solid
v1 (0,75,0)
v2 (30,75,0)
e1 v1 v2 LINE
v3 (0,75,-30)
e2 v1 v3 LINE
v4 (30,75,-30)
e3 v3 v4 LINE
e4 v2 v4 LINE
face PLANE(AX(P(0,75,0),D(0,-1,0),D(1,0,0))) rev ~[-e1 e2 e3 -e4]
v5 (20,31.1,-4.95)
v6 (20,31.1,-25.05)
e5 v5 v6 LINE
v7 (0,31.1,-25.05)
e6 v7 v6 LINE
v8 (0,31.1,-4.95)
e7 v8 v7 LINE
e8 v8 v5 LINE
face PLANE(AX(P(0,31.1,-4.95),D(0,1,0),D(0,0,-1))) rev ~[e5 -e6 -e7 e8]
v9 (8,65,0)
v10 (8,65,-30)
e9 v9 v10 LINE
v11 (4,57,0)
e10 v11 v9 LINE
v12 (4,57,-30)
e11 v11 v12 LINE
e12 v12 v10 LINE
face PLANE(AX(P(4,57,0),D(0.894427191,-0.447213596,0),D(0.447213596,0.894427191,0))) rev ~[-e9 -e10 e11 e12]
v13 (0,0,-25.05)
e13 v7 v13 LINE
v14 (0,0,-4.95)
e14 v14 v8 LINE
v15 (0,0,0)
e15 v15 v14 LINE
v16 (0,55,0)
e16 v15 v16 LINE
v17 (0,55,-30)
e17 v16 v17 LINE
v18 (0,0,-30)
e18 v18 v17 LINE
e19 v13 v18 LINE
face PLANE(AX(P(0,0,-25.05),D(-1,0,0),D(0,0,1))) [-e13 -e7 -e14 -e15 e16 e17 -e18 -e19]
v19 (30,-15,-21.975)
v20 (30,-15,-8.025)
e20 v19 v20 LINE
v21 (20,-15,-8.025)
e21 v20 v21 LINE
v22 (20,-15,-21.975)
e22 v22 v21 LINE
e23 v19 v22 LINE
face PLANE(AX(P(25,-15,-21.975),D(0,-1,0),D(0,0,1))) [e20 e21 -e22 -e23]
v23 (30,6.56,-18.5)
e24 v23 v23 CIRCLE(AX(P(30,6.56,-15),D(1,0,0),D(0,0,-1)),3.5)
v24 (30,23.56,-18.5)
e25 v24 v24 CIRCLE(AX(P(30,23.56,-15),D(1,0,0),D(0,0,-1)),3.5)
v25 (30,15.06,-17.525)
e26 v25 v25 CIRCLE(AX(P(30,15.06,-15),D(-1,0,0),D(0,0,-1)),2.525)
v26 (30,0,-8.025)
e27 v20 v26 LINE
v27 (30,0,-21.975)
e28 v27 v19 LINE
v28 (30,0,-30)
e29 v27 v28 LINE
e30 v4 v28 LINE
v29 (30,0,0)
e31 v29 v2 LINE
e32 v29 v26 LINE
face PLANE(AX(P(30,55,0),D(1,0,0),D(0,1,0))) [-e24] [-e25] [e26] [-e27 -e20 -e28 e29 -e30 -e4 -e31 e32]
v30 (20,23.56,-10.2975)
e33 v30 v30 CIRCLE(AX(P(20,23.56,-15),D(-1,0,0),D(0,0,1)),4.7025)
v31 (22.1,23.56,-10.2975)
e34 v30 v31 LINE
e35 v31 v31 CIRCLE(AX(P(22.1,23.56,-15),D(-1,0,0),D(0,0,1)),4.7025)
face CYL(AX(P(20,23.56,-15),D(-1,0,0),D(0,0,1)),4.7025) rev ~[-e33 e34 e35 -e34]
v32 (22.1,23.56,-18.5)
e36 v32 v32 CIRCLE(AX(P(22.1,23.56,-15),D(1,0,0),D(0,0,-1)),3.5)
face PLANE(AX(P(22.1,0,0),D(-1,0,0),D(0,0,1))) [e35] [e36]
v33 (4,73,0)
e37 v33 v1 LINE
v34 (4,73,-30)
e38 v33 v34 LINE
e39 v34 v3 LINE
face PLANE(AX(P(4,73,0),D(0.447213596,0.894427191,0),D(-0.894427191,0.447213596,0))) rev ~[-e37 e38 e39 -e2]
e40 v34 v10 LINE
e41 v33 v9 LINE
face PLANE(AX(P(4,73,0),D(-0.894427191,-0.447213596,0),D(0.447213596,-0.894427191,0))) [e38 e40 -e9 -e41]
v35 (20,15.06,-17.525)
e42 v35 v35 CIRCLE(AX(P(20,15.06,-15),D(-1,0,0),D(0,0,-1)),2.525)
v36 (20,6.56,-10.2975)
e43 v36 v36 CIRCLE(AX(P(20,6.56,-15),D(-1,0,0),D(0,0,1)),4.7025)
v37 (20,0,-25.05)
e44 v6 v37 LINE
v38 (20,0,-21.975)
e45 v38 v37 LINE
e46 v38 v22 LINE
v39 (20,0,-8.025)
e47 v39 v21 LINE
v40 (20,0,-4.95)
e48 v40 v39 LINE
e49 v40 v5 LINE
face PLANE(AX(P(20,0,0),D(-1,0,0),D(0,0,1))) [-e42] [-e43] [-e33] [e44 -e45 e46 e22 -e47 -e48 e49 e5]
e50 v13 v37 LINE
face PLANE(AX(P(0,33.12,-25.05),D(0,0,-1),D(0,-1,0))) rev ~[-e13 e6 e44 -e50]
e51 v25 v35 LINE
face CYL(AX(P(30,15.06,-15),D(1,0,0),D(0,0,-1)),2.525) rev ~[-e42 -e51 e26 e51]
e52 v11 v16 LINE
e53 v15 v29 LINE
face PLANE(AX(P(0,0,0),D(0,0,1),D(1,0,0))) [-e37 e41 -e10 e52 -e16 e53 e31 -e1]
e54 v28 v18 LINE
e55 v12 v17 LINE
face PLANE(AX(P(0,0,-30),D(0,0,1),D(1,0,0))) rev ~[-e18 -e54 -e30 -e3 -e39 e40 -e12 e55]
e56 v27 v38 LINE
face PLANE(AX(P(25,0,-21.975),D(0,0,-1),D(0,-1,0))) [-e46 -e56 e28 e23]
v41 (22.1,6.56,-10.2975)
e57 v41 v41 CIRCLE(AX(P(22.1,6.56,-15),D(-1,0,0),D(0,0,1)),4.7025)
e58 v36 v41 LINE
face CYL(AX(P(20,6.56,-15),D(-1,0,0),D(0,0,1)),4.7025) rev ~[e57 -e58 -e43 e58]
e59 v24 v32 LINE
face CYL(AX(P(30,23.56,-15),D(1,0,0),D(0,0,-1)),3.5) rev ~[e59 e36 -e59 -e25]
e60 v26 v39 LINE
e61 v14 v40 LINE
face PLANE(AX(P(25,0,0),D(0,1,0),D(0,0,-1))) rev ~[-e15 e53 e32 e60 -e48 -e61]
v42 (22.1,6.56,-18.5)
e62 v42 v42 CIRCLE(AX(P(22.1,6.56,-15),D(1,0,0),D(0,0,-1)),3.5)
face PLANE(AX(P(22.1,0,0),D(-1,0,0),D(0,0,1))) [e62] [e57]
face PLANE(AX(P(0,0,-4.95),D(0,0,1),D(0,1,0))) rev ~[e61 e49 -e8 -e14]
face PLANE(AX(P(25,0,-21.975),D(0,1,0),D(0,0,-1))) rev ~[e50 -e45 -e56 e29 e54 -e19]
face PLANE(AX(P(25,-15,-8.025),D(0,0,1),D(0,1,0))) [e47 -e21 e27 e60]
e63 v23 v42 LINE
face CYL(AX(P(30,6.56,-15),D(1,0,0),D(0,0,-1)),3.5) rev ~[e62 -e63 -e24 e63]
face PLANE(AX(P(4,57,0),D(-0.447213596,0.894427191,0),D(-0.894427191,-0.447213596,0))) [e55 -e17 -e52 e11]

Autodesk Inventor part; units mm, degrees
ref_plane "YZ Plane" through (0, 0, 0) normal (1, 0, 0) x (0, 1, 0)
ref_plane "XZ Plane" through (0, 0, 0) normal (0, 1, 0) x (-1, 0, 0)
ref_plane "XY Plane" through (0, 0, 0) normal (0, 0, 1) x (1, 0, 0)
sketch "Sketch1" plane through (0, 0, 0) normal (0, 0, 1) x (1, 0, 0)
  line L0 (0, 0) -> (25, 0)
  line L1 (25, 0) -> (25, 40)
  line L2 (25, 40) -> (0, 40)
  line L3 (0, 40) -> (0, 0)
  dimension "d1" = 25
  dimension "d2" = 40
  dimension "d3" = 25
extrude "Extrusion1" add sketch "Sketch1" against normal blind 30
sketch "Sketch2" plane through (25, 0, 0) normal (1, 0, 0) x (0, 0, -1)
  line L0 (0, 0) -> (30, 0) projected
  circle A0 centre (15, 6.56) radius 2.46
extrude "Extrusion2" cut sketch "Sketch2" against normal blind 30
sketch "Sketch3" plane through (0, 0, 0) normal (-1, 0, 0) x (0, 0, 1)
  line L0 (0, 0) -> (-30, 0) projected
  line L1 (-25.05, 0) -> (-4.95, 0)
  line L2 (-4.95, 0) -> (-4.95, 33.12)
  line L3 (-4.95, 33.12) -> (-25.05, 33.12)
  line L4 (-25.05, 33.12) -> (-25.05, 0)
  dimension "d11" = 20.1
extrude "Extrusion3" cut sketch "Sketch3" against normal blind 20
sketch "Sketch4" plane through (0, 0, 0) normal (0, -1, 0) x (1, 0, 0)
  line L0 (20, -4.95) -> (20, -25.05) projected
  line L1 (20, -15) -> (25, -15)
  line L2 (25, 0) -> (25, -30) projected
  line L3 (20, -8.025) -> (25, -8.025)
  line L4 (25, -8.025) -> (25, -21.975)
  line L5 (25, -21.975) -> (20, -21.975)
  line L6 (20, -21.975) -> (20, -8.025)
  line L7 (20, -8.025) -> (25, -21.975) construction
  line L8 (25, -8.025) -> (20, -21.975) construction
  line L9 (25, -12.54) -> (25, -17.46) projected
  point P0 (0, 0)
  point P1 (22.5, -15)
  dimension "d14" = 13.95
extrude "Extrusion4" add sketch "Sketch4" along normal blind 15
sketch "Sketch5" plane through (20, 0, 0) normal (-1, 0, 0) x (0, 0, 1)
  circle A0 centre (-15, 6.56) radius 2.46 projected
  circle A1 centre (-15, 6.56) radius 4.7025
  circle A2 centre (-15, 6.56) radius 2.46 projected
  circle A3 centre (-15, 6.56) radius 2.46
  point P0 (0, 0)
  dimension "d17" = 9.405
extrude "Extrusion5" cut sketch "Sketch5" against normal blind 2.1
sketch "Sketch6" plane through (25, 0, 0) normal (1, 0, 0) x (0, 0, -1)
  circle A0 centre (15, 6.56) radius 4.7025 projected
  line L0 (15, 6.56) -> (15, 23.56)
  circle A1 centre (15, 23.56) radius 2.46
  point P0 (0, 0)
  dimension "d20" = 17
  dimension "d21" = 4.92
extrude "Extrusion6" cut sketch "Sketch6" against normal blind 10 contours A1
sketch "Sketch7" plane through (20, 0, 0) normal (-1, 0, 0) x (0, 0, 1)
  circle A0 centre (-15, 23.56) radius 2.46 projected
  circle A1 centre (-15, 23.56) radius 4.7025
  point P0 (0, 0)
  dimension "d24" = 9.405
extrude "Extrusion7" cut sketch "Sketch7" against normal blind 2.1
sketch "Sketch9" plane through (25, 0, 0) normal (1, 0, 0) x (0, 0, -1)
  circle A0 centre (15, 6.56) radius 2.46 projected
  circle A1 centre (15, 6.56) radius 2.46
  circle A2 centre (15, 23.56) radius 2.46 projected
  circle A3 centre (15, 23.56) radius 2.46
  line L0 (30, 40) -> (30, 0) projected
  line L1 (30, 0) -> (30, 40)
  line L2 (30, 40) -> (0, 40)
  line L3 (0, 40) -> (0, 0)
  line L4 (0, 0) -> (8.025, 0) projected
  line L5 (21.975, 0) -> (21.975, -15)
  line L6 (21.975, -15) -> (8.025, -15)
  line L7 (8.025, -15) -> (8.025, 0)
  line L8 (0, 0) -> (8.025, 0)
  line L9 (21.975, 0) -> (30, 0)
extrude "Extrusion8" add sketch "Sketch9" along normal blind 5
sketch "Sketch10" plane through (0, 40, 0) normal (0, 1, 0) x (1, 0, 0)
  line L0 (0, 30) -> (30, 30) projected
  line L1 (30, 0) -> (0, 0) projected
  line L2 (0, 30) -> (30, 30)
  line L3 (30, 30) -> (30, 0)
  line L4 (30, 0) -> (0, 0)
  line L5 (0, 0) -> (0, 30)
extrude "Extrusion9" add sketch "Sketch10" along normal blind 15
sketch "Sketch12" plane through (30, 0, 0) normal (1, 0, 0) x (0, 0, -1)
  circle A0 centre (15, 6.56) radius 2.46 projected
  line L0 (15, 6.56) -> (15, 15.06)
  circle A1 centre (15, 15.06) radius 2.525
  point P0 (0, 0)
  dimension "d31" = 8.5
  dimension "d33" = 5.05
extrude "Extrusion10" cut sketch "Sketch12" against normal blind 30 contours A1
sketch "Sketch15" plane through (0, 0, -25.05) normal (-1, 0, 0) x (0, 0, 1)
  line L0 (0, 33.12) -> (20.1, 33.12) projected
  line L1 (20.1, 33.12) -> (20.1, 0) projected
  line L2 (0, 33.12) -> (20.1, 33.12)
  line L3 (20.1, 33.12) -> (20.1, 31.1)
  line L4 (20.1, 31.1) -> (0, 31.1)
  line L5 (0, 31.1) -> (0, 33.12)
  point P0 (25.05, 0)
  dimension "d57" = 2.02
extrude "Extrusion13" add sketch "Sketch15" against normal blind 20
sketch "Sketch17" plane through (0, 0, 0) normal (0, 0, 1) x (1, 0, 0)
  line L0 (0, 55) -> (30, 55) projected
  line L1 (0, 55) -> (0, 0) projected
  line L2 (0, 55) -> (30, 55)
  line L3 (4, 73) -> (0, 75)
  line L4 (4, 57) -> (0, 55)
  line L5 (4, 57) -> (8, 65)
  line L6 (4, 73) -> (8, 65)
  line L7 (0, 75) -> (30, 75)
  line L8 (30, 55) -> (30, 75)
extrude "Extrusion14" add sketch "Sketch17" against normal blind 30
sketch "Sketch23" plane through (30, 0, 0) normal (1, 0, 0) x (0, 0, -1)
  circle A0 centre (15, 6.56) radius 2.46 projected
  circle A1 centre (15, 6.56) radius 3.5
  circle A2 centre (15, 23.56) radius 2.46 projected
  circle A3 centre (15, 23.56) radius 3.5
  point P0 (0, 0)
  dimension "d88" = 7
  dimension "d89" = 7
extrude "Extrusion16" cut sketch "Sketch23" against normal blind 10
properties part number "rec_c_16mm_x_120mm"
